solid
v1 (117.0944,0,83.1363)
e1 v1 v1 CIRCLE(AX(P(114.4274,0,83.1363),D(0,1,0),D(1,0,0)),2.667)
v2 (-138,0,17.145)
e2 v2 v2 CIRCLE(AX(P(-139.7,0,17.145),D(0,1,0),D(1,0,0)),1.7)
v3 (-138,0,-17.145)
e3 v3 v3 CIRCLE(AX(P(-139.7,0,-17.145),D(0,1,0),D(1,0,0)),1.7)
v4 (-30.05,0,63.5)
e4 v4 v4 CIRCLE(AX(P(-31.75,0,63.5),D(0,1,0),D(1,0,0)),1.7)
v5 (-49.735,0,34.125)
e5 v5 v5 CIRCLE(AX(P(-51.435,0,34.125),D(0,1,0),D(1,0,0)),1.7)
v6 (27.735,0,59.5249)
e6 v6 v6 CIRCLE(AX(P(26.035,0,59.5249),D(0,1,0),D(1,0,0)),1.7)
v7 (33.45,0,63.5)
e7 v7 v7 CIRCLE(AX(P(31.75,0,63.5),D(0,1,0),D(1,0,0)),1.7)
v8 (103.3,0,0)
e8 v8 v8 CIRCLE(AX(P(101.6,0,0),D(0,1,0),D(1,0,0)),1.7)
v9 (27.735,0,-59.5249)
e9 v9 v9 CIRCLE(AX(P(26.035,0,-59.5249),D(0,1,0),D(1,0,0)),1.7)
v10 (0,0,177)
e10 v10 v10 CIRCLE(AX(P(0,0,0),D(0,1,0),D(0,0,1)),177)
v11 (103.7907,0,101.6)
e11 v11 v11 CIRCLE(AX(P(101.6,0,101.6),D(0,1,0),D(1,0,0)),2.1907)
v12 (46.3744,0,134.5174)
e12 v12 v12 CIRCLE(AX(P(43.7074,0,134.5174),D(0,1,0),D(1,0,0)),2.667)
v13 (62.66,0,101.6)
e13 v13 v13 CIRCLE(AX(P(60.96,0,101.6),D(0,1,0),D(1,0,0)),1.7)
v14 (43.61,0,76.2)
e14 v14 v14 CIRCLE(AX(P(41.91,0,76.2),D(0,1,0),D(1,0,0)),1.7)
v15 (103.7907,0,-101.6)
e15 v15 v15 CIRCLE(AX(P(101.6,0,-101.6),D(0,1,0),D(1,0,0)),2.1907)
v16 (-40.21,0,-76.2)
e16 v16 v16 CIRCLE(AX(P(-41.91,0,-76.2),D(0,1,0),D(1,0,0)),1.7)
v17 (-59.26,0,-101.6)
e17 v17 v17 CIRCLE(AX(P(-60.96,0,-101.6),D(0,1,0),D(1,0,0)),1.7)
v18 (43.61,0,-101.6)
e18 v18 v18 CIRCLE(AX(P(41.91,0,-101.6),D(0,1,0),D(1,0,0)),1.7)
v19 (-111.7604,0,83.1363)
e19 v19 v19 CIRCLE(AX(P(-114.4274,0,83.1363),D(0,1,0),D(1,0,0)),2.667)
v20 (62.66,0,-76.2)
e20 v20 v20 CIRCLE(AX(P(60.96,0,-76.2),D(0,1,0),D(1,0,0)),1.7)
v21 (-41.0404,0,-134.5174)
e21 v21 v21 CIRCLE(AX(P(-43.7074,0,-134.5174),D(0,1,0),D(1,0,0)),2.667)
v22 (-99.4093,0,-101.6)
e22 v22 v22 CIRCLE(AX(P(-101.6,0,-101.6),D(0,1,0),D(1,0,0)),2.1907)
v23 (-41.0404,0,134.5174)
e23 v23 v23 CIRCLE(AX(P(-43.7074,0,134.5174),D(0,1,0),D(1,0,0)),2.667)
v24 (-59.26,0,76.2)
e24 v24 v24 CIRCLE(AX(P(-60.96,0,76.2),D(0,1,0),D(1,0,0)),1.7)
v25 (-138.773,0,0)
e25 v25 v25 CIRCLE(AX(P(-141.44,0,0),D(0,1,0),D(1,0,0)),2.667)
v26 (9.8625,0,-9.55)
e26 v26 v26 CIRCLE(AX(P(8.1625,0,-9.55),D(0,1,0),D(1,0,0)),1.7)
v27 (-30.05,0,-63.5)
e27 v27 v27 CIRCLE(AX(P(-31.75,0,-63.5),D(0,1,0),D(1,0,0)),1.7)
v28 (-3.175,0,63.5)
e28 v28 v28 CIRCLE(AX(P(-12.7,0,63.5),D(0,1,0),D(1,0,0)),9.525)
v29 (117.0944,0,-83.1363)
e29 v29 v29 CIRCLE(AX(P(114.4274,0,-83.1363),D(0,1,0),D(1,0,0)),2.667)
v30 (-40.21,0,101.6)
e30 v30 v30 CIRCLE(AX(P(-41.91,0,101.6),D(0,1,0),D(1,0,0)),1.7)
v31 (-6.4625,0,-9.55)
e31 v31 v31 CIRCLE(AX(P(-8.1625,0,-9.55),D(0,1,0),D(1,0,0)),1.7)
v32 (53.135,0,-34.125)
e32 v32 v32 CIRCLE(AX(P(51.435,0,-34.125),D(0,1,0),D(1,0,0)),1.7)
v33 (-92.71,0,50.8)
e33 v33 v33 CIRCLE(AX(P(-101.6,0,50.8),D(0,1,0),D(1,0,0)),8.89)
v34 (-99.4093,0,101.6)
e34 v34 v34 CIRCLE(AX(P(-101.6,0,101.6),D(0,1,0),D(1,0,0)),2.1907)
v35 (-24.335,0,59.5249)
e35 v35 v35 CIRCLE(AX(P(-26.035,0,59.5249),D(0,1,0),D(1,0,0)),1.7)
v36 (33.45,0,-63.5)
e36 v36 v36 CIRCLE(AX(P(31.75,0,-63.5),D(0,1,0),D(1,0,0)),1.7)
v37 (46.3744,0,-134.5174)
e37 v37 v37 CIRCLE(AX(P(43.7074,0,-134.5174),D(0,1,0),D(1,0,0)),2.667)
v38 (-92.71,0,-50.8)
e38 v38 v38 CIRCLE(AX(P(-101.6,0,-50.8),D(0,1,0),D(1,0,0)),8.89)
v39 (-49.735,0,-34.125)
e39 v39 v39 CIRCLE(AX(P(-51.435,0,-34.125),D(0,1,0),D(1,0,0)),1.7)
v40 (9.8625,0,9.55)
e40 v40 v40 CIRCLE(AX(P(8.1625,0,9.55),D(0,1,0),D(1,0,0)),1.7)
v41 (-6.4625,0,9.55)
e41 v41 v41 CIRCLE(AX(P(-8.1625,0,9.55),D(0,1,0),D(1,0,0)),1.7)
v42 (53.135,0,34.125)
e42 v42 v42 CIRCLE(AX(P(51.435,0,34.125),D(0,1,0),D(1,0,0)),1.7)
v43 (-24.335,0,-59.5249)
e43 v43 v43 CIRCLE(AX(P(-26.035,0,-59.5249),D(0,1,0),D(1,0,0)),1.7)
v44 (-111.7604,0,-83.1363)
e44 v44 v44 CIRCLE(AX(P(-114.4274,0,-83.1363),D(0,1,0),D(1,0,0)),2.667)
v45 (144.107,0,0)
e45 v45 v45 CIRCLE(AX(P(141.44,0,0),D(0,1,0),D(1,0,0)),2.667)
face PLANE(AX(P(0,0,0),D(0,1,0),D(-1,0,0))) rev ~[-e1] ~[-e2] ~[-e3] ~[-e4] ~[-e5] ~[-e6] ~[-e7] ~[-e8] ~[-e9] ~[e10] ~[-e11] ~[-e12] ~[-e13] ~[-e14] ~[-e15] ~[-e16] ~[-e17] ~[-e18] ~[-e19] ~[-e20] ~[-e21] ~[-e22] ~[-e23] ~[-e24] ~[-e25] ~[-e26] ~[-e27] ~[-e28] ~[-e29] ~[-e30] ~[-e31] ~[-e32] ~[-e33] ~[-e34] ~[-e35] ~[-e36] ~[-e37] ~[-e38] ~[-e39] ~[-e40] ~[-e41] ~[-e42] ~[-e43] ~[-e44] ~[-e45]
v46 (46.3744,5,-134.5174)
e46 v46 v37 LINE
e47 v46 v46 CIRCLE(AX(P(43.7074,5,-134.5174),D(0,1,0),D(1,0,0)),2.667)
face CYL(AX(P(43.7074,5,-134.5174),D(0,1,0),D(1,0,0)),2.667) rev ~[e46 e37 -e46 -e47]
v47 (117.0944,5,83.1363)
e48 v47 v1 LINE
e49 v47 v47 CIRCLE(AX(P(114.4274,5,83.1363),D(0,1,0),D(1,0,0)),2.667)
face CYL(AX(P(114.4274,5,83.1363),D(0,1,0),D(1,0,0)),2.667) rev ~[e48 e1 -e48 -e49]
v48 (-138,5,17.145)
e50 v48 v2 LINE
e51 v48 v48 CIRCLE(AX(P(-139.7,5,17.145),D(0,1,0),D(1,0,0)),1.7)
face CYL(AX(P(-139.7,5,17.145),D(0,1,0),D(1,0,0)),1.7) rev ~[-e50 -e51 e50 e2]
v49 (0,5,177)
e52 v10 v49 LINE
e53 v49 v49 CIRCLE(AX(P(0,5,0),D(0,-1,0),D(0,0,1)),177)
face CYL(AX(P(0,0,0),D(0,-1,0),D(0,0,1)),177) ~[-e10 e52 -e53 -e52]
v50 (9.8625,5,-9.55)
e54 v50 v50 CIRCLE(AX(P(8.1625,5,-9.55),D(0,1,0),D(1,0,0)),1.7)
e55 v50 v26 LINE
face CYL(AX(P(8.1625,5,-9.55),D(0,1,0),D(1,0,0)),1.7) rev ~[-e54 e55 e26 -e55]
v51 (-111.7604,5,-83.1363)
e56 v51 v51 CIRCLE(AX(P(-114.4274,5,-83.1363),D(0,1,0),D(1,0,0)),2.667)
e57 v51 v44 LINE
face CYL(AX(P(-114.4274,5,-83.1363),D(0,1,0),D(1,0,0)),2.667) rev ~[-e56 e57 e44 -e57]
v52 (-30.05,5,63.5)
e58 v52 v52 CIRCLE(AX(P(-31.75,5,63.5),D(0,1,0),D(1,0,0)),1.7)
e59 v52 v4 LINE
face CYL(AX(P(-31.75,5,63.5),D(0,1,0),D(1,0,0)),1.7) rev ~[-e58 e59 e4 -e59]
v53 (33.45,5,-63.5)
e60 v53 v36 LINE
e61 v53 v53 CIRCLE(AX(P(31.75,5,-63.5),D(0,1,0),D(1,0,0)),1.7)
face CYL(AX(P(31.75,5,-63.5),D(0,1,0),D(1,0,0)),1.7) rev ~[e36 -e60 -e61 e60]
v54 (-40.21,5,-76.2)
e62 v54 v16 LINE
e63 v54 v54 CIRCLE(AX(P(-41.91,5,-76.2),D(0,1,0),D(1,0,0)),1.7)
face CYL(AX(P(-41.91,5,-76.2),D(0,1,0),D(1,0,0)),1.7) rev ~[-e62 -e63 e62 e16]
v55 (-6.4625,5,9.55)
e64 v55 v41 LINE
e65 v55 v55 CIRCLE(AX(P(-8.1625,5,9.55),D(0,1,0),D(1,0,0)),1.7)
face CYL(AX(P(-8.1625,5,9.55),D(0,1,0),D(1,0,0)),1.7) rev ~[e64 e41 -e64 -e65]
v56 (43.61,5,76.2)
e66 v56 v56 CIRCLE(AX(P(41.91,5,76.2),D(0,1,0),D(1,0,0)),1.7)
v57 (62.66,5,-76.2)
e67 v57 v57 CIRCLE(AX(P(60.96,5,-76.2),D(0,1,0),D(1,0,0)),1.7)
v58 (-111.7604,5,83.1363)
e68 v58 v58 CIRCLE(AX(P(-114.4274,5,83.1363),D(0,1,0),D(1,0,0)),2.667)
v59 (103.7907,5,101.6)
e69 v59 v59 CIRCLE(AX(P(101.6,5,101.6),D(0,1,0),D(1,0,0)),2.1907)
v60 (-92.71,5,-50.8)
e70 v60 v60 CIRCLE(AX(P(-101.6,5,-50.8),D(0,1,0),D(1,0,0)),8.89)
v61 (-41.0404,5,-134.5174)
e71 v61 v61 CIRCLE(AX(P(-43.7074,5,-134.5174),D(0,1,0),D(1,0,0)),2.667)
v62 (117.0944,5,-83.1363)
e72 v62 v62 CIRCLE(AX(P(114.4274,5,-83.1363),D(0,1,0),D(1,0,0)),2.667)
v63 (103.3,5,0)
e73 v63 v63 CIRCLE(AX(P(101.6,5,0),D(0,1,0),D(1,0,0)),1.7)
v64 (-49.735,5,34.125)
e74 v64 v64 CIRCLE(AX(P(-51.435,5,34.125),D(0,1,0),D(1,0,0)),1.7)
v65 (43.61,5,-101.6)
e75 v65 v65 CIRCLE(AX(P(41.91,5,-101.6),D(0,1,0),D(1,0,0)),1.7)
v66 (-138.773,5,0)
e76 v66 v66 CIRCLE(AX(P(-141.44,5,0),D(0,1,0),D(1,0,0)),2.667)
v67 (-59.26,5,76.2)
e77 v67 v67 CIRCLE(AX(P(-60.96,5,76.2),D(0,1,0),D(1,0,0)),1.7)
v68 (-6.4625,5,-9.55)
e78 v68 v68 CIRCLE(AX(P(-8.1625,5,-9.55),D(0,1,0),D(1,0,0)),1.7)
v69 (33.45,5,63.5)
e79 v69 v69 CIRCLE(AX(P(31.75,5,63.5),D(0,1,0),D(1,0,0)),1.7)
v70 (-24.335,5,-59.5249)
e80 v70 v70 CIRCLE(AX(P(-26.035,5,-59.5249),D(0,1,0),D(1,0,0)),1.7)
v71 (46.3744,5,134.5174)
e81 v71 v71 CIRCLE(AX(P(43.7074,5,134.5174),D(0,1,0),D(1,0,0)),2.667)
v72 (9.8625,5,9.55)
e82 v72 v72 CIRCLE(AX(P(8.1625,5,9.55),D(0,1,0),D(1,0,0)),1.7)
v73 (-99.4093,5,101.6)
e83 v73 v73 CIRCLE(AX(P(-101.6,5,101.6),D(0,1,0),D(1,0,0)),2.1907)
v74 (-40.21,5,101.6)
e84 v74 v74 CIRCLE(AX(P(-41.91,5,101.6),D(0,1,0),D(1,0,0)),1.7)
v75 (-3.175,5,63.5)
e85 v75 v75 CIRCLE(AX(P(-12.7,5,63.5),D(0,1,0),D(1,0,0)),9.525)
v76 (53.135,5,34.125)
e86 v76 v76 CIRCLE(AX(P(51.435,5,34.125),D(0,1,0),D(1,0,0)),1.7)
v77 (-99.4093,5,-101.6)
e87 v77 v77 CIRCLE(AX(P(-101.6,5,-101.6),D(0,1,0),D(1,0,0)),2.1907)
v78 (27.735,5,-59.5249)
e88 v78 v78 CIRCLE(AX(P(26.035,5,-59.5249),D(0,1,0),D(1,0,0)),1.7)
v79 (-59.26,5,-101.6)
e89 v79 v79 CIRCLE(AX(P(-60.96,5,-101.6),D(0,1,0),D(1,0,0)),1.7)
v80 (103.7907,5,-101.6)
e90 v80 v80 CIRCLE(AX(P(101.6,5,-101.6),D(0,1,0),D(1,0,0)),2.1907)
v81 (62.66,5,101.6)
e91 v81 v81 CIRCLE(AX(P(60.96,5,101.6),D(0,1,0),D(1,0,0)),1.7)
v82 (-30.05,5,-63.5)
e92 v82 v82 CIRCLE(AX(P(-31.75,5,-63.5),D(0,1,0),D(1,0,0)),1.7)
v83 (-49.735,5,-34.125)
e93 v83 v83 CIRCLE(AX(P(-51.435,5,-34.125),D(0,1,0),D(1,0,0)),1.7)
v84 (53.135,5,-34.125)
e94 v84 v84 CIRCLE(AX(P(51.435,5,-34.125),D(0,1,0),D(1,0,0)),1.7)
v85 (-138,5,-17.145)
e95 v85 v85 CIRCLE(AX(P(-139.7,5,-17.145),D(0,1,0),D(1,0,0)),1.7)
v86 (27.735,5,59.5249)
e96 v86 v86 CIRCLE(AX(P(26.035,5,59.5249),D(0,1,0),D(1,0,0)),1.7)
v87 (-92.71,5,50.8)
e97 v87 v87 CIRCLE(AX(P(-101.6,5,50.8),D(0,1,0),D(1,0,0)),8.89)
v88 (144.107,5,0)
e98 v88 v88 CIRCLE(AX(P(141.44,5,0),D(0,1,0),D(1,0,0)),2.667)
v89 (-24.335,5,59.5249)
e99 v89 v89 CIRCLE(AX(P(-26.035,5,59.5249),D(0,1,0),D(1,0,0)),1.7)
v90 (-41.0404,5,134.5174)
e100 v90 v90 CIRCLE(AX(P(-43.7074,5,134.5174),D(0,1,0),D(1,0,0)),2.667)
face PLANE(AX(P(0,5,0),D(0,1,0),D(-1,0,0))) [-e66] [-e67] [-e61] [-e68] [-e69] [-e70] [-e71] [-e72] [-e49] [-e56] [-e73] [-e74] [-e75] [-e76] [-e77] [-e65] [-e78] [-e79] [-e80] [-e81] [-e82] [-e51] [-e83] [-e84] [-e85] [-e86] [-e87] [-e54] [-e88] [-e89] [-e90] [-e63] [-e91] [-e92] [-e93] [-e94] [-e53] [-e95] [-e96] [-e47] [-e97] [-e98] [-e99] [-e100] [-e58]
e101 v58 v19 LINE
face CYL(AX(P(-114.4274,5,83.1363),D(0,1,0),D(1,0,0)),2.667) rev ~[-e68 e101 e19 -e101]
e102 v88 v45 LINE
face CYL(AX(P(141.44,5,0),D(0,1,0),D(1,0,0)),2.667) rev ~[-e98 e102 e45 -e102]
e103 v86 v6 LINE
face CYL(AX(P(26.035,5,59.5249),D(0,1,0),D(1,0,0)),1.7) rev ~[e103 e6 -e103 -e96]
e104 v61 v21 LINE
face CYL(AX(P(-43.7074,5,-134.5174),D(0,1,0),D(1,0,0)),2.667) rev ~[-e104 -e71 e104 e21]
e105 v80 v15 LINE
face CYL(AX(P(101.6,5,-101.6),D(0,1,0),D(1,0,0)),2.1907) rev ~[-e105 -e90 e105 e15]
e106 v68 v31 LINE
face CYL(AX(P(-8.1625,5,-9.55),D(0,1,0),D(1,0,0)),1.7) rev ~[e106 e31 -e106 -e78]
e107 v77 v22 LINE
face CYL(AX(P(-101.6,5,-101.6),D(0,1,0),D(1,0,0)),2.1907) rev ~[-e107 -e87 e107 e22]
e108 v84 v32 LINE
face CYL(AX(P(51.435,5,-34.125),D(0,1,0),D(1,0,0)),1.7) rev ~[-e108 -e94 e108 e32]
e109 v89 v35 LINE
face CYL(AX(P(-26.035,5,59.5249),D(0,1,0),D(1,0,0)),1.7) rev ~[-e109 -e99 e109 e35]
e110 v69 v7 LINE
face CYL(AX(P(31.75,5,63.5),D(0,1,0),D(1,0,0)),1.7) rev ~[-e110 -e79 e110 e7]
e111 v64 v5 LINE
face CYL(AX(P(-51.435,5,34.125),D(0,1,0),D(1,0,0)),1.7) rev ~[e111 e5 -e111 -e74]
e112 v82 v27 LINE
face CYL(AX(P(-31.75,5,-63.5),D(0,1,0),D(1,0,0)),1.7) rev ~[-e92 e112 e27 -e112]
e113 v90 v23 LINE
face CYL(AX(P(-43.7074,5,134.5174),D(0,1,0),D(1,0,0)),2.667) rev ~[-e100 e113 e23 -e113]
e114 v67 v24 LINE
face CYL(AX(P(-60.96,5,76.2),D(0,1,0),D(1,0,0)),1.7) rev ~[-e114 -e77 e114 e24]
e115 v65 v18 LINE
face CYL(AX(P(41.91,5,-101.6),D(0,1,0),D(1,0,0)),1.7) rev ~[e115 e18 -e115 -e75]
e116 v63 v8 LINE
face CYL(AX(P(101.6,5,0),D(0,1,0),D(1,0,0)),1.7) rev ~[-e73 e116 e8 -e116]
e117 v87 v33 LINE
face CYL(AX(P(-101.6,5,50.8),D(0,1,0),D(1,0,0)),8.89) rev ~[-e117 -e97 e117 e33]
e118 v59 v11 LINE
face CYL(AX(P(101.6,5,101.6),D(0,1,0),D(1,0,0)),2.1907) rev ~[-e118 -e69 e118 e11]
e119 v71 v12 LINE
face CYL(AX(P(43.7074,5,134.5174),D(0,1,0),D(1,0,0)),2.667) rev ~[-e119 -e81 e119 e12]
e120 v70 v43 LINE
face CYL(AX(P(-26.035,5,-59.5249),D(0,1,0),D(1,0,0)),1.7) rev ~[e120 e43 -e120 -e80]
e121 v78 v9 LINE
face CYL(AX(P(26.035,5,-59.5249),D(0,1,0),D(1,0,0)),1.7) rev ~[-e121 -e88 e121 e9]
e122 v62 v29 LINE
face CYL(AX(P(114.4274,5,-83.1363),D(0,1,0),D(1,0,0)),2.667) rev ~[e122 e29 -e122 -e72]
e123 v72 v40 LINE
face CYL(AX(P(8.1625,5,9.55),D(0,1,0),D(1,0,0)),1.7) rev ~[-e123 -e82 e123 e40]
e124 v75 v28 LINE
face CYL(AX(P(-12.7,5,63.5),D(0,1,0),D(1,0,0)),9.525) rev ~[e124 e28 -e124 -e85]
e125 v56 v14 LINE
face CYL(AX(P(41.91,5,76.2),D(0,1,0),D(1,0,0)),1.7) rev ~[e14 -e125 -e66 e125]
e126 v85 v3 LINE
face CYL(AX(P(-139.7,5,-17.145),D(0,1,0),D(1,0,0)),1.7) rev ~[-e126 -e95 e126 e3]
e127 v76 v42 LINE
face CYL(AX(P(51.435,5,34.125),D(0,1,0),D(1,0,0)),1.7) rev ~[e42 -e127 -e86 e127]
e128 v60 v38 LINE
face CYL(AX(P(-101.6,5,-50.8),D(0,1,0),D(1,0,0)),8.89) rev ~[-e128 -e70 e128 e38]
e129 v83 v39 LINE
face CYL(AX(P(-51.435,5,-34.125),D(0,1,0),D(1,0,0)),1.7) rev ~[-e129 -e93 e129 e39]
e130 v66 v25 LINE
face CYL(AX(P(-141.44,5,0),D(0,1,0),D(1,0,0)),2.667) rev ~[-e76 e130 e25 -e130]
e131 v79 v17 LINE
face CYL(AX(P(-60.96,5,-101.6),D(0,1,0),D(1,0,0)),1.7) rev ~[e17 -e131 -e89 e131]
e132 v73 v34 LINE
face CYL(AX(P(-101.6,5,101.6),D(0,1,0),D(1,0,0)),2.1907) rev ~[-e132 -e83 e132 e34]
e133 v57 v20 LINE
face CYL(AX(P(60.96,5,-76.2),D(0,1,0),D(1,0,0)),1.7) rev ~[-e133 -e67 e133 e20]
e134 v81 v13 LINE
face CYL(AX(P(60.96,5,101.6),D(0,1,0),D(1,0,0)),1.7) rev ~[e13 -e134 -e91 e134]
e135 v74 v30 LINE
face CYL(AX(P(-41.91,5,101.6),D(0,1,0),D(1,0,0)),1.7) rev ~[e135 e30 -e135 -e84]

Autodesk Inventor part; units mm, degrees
ref_plane "YZ Plane" through (0, 0, 0) normal (1, 0, 0) x (0, 1, 0)
ref_plane "XZ Plane" through (0, 0, 0) normal (0, 1, 0) x (-1, 0, 0)
ref_plane "XY Plane" through (0, 0, 0) normal (0, 0, 1) x (1, 0, 0)
sketch "Sketch1" plane through (0, 0, 0) normal (0, 1, 0) x (-1, 0, 0)
  arc A0 (0, -177) -> (0, 177) centre (0, 0) ccw
  arc A1 (0, 177) -> (0, -177) centre (0, 0) ccw
  point P0 (-177, 177)
  point P1 (-177, -177)
  dimension "d0" = 354
extrude "Extrusion1" add sketch "Sketch1" along normal blind 5
sketch "Sketch2" plane through (0, 5, 0) normal (0, 1, 0) x (1, 0, 0)
  circle A0 centre (-51.435, -34.125) radius 1.7
  circle A1 centre (-51.435, 34.125) radius 1.7
  circle A2 centre (51.435, 34.125) radius 1.7
  circle A3 centre (51.435, -34.125) radius 1.7
  line L0 (151.6, 177) -> (0, 177) construction
  line L1 (0, -177) -> (0, 177) construction
  circle A4 centre (0, 0) radius 177 construction
  line L2 (-177, 0) -> (177, 0) construction
  circle A5 centre (26.035, 59.5249) radius 1.7
  circle A6 centre (26.035, -59.5249) radius 1.7
  circle A7 centre (-26.035, 59.5249) radius 1.7
  circle A8 centre (-26.035, -59.5249) radius 1.7
  point P0 (177, 177)
  dimension "d5" = 3.4
  dimension "d6" = 3.4
  dimension "d8" = 3.4
  dimension "d10" = 3.4
  dimension "d12" = 68.25
  dimension "d13" = 68.25
  dimension "d14" = 102.87
  dimension "d15" = 102.87
  dimension "d18" = 51.435
  dimension "d19" = 51.435
  dimension "d20" = 34.125
  dimension "d21" = 34.125
  dimension "d153" = 3.4
  dimension "d155" = 3.4
  dimension "d157" = 3.4
  dimension "d159" = 3.4
  dimension "d161" = 52.07
  dimension "d162" = 26.035
  dimension "d163" = 52.07
  dimension "d164" = 26.035
  dimension "d165" = 119.0498
  dimension "d166" = 119.0498
  dimension "d167" = 59.5249
  dimension "d168" = 59.5249
extrude "Jetson Holes" cut sketch "Sketch2" against normal through all
sketch "Sketch3" plane through (0, 5, 0) normal (0, 1, 0) x (1, 0, 0)
  circle A0 centre (-12.7, -63.5) radius 9.525
  circle A1 centre (0, 0) radius 177 construction
  line L0 (151.6, 177) -> (0, 177) construction
  line L1 (-177, 0) -> (0, 0) construction
  line L2 (0, 0) -> (0, -177) construction
  point P0 (177, 177)
  dimension "d24" = 19.05
  dimension "d189" = 63.5
  dimension "d190" = 12.7
extrude "SPI_Holes" cut sketch "Sketch3" against normal through all
sketch "Sketch4" plane through (0, 5, 0) normal (0, 1, 0) x (1, 0, 0)
  circle A0 centre (-60.96, -76.2) radius 1.7
  circle A1 centre (60.96, -101.6) radius 1.7
  circle A2 centre (60.96, 76.2) radius 1.7
  circle A3 centre (-60.96, 101.6) radius 1.7
  line L0 (177, 0) -> (-177, 0) construction
  circle A4 centre (-12.7, -63.5) radius 9.525 construction
  circle A5 centre (-101.6, 50.8) radius 8.89
  circle A6 centre (-101.6, -50.8) radius 8.89
  circle A7 centre (41.91, -76.2) radius 1.7
  circle A8 centre (-41.91, -101.6) radius 1.7
  circle A9 centre (-41.91, 76.2) radius 1.7
  circle A10 centre (41.91, 101.6) radius 1.7
  point P0 (0, 0)
  point P1 (0, -177)
  dimension "d30" = 3.4
  dimension "d31" = 3.4
  dimension "d33" = 3.4
  dimension "d35" = 3.4
  dimension "d37" = 121.92
  dimension "d38" = 121.92
  dimension "d39" = 25.4
  dimension "d40" = 25.4
  dimension "d43" = 12.7
  dimension "d44" = 177.8
  dimension "d45" = 17.78
  dimension "d46" = 17.78
  dimension "d47" = 50.8
  dimension "d48" = 50.8
  dimension "d139" = 3.4
  dimension "d140" = 19.05
  dimension "d141" = 25.4
  dimension "d142" = 3.4
  dimension "d143" = 19.05
  dimension "d144" = 25.4
  dimension "d145" = 3.4
  dimension "d147" = 3.4
  dimension "d149" = 25.4
  dimension "d150" = 25.4
  dimension "d151" = 19.05
  dimension "d152" = 19.05
extrude "NiMH Holes" cut sketch "Sketch4" against normal through all
sketch "Sketch5" plane through (0, 5, 0) normal (0, 1, 0) x (1, 0, 0)
  circle A0 centre (-8.1625, 9.55) radius 1.7
  circle A1 centre (-8.1625, -9.55) radius 1.7
  circle A2 centre (8.1625, -9.55) radius 1.7
  circle A3 centre (8.1625, 9.55) radius 1.7
  line L0 (-177, 0) -> (177, 0)
  line L1 (0, 177) -> (0, -177) construction
  circle A4 centre (0, 0) radius 177 construction
  dimension "d53" = 3.4
  dimension "d54" = 3.4
  dimension "d56" = 3.4
  dimension "d58" = 3.4
  dimension "d60" = 16.325
  dimension "d61" = 16.325
  dimension "d62" = 19.1
  dimension "d63" = 19.1
  dimension "d66" = 9.55
  dimension "d67" = 9.55
  dimension "d191" = 8.1625
  dimension "d192" = 8.1625
extrude "IMU Holes" cut sketch "Sketch5" against normal through all
sketch "Sketch8" plane through (0, 5, 0) normal (0, 1, 0) x (1, 0, 0)
  circle A0 centre (-101.6, 101.6) radius 2.1907
  circle A1 centre (-101.6, -101.6) radius 2.1907
  circle A2 centre (101.6, -101.6) radius 2.1907
  circle A3 centre (101.6, 101.6) radius 2.1907
  line L0 (177, 0) -> (-177, 0) construction
  circle A4 centre (101.6, 0) radius 1.7
  point P0 (0, 0)
  dimension "d97" = 4.3815
  dimension "d98" = 4.3815
  dimension "d100" = 4.3815
  dimension "d102" = 4.3815
  dimension "d105" = 101.6
  dimension "d106" = 101.6
  dimension "d110" = 101.6
  dimension "d111" = 101.6
  dimension "d169" = 3.4
extrude "Level1 Standoffs" cut sketch "Sketch8" against normal through all
sketch "Sketch7" plane through (0, 5, 0) normal (0, 1, 0) x (1, 0, 0)
  line L0 (177, 0) -> (-177, 0) construction
  circle A0 centre (0, 0) radius 177 construction
  circle A1 centre (-141.44, 0) radius 2.667
  circle A2 centre (-114.4274, -83.1363) radius 2.667
  circle A3 centre (-114.4274, 83.1363) radius 2.667
  circle A4 centre (-43.7074, -134.5174) radius 2.667
  circle A5 centre (-43.7074, 134.5174) radius 2.667
  line L1 (0, 177) -> (0, -181.7127) construction
  circle A6 centre (141.44, 0) radius 2.667
  circle A7 centre (114.4274, -83.1363) radius 2.667
  circle A8 centre (114.4274, 83.1363) radius 2.667
  circle A9 centre (43.7074, -134.5174) radius 2.667
  circle A10 centre (43.7074, 134.5174) radius 2.667
  point P0 (-177, 0)
  point P1 (177, 0)
  dimension "d91" = 5.334
  dimension "d92" = 35.56
  dimension "d95" = 144
extrude "Zip Ties" cut sketch "Sketch7" against normal through all
sketch "Sketch12" plane through (0, 5, 0) normal (0, 1, 0) x (1, 0, 0)
  circle A0 centre (31.75, 63.5) radius 1.7
  circle A1 centre (-31.75, 63.5) radius 1.7
  circle A2 centre (-31.75, -63.5) radius 1.7
  circle A3 centre (31.75, -63.5) radius 1.7
  point P0 (0, 0)
  dimension "d193" = 3.4
  dimension "d194" = 3.4
  dimension "d195" = 3.4
  dimension "d196" = 3.4
  dimension "d197" = 63.5
  dimension "d198" = 63.5
  dimension "d199" = 63.5
  dimension "d200" = 63.5
  dimension "d201" = 31.75
  dimension "d202" = 31.75
  dimension "d203" = 31.75
  dimension "d204" = 31.75
extrude "LiDAR Standoffs" cut sketch "Sketch12" against normal blind 25.4
sketch "Sketch13" plane through (0, 5, 0) normal (0, 1, 0) x (1, 0, 0)
  circle A0 centre (-139.7, -17.145) radius 1.7
  circle A1 centre (-139.7, 17.145) radius 1.7
  point P0 (0, 0)
  dimension "d207" = 139.7
  dimension "d208" = 3.4
  dimension "d209" = 3.4
  dimension "d210" = 139.7
  dimension "d211" = 17.145
  dimension "d212" = 17.145
extrude "Astra Camera" cut sketch "Sketch13" against normal blind 25.4
equation "\"d0\" = robot_diameter"
equation "\"d3\" = hardboard_thickness"
equation "\"d5\" = m3_clearance"
equation "\"d6\" = d7"
equation "\"d8\" = d9"
equation "\"d10\" = d11"
equation "\"d13\" = d12"
equation "\"d19\" = d18"
equation "\"d20\" = d21"
equation "\"d21\" = 0.5 * d12"
equation "\"d153\" = d154"
equation "\"d155\" = d156"
equation "\"d157\" = d158"
equation "\"d159\" = d160"
equation "\"d162\" = 0.5 * d161"
equation "\"d163\" = d161"
equation "\"d164\" = d162"
equation "\"d166\" = d165"
equation "\"d167\" = 0.5 * d165"
equation "\"d168\" = d167"
equation "\"d30\" = m3_clearance"
equation "\"d31\" = d32"
equation "\"d33\" = d34"
equation "\"d35\" = d36"
equation "\"d38\" = d37"
equation "\"d40\" = d39"
equation "\"d46\" = d45"
equation "\"d48\" = d47"
equation "\"d139\" = m3_clearance"
equation "\"d141\" = d40"
equation "\"d142\" = m3_clearance"
equation "\"d144\" = d40"
equation "\"d145\" = d146"
equation "\"d147\" = d148"
equation "\"d149\" = d39"
equation "\"d150\" = d39"
equation "\"d152\" = d151"
equation "\"d53\" = m3_clearance"
equation "\"d54\" = d55"
equation "\"d56\" = d57"
equation "\"d58\" = d59"
equation "\"d61\" = d60"
equation "\"d63\" = d62"
equation "\"d66\" = 0.5 * d63"
equation "\"d67\" = d66"
equation "\"d106\" = d105"
equation "\"d110\" = d105"
equation "\"d111\" = d105"
equation "\"d169\" = m3_clearance"
equation "\"m3_heat_set_insert\" = 4"
equation "\"m3_clearance\" = 3.4"
equation "\"m3_heat_set_depth\" = 7"
equation "\"robot_diameter\" = 354"
equation "\"hardboard_thickness\" = 5"
equation "\"motor_centerline_height\" = 13"
properties part number "layer2_short"
